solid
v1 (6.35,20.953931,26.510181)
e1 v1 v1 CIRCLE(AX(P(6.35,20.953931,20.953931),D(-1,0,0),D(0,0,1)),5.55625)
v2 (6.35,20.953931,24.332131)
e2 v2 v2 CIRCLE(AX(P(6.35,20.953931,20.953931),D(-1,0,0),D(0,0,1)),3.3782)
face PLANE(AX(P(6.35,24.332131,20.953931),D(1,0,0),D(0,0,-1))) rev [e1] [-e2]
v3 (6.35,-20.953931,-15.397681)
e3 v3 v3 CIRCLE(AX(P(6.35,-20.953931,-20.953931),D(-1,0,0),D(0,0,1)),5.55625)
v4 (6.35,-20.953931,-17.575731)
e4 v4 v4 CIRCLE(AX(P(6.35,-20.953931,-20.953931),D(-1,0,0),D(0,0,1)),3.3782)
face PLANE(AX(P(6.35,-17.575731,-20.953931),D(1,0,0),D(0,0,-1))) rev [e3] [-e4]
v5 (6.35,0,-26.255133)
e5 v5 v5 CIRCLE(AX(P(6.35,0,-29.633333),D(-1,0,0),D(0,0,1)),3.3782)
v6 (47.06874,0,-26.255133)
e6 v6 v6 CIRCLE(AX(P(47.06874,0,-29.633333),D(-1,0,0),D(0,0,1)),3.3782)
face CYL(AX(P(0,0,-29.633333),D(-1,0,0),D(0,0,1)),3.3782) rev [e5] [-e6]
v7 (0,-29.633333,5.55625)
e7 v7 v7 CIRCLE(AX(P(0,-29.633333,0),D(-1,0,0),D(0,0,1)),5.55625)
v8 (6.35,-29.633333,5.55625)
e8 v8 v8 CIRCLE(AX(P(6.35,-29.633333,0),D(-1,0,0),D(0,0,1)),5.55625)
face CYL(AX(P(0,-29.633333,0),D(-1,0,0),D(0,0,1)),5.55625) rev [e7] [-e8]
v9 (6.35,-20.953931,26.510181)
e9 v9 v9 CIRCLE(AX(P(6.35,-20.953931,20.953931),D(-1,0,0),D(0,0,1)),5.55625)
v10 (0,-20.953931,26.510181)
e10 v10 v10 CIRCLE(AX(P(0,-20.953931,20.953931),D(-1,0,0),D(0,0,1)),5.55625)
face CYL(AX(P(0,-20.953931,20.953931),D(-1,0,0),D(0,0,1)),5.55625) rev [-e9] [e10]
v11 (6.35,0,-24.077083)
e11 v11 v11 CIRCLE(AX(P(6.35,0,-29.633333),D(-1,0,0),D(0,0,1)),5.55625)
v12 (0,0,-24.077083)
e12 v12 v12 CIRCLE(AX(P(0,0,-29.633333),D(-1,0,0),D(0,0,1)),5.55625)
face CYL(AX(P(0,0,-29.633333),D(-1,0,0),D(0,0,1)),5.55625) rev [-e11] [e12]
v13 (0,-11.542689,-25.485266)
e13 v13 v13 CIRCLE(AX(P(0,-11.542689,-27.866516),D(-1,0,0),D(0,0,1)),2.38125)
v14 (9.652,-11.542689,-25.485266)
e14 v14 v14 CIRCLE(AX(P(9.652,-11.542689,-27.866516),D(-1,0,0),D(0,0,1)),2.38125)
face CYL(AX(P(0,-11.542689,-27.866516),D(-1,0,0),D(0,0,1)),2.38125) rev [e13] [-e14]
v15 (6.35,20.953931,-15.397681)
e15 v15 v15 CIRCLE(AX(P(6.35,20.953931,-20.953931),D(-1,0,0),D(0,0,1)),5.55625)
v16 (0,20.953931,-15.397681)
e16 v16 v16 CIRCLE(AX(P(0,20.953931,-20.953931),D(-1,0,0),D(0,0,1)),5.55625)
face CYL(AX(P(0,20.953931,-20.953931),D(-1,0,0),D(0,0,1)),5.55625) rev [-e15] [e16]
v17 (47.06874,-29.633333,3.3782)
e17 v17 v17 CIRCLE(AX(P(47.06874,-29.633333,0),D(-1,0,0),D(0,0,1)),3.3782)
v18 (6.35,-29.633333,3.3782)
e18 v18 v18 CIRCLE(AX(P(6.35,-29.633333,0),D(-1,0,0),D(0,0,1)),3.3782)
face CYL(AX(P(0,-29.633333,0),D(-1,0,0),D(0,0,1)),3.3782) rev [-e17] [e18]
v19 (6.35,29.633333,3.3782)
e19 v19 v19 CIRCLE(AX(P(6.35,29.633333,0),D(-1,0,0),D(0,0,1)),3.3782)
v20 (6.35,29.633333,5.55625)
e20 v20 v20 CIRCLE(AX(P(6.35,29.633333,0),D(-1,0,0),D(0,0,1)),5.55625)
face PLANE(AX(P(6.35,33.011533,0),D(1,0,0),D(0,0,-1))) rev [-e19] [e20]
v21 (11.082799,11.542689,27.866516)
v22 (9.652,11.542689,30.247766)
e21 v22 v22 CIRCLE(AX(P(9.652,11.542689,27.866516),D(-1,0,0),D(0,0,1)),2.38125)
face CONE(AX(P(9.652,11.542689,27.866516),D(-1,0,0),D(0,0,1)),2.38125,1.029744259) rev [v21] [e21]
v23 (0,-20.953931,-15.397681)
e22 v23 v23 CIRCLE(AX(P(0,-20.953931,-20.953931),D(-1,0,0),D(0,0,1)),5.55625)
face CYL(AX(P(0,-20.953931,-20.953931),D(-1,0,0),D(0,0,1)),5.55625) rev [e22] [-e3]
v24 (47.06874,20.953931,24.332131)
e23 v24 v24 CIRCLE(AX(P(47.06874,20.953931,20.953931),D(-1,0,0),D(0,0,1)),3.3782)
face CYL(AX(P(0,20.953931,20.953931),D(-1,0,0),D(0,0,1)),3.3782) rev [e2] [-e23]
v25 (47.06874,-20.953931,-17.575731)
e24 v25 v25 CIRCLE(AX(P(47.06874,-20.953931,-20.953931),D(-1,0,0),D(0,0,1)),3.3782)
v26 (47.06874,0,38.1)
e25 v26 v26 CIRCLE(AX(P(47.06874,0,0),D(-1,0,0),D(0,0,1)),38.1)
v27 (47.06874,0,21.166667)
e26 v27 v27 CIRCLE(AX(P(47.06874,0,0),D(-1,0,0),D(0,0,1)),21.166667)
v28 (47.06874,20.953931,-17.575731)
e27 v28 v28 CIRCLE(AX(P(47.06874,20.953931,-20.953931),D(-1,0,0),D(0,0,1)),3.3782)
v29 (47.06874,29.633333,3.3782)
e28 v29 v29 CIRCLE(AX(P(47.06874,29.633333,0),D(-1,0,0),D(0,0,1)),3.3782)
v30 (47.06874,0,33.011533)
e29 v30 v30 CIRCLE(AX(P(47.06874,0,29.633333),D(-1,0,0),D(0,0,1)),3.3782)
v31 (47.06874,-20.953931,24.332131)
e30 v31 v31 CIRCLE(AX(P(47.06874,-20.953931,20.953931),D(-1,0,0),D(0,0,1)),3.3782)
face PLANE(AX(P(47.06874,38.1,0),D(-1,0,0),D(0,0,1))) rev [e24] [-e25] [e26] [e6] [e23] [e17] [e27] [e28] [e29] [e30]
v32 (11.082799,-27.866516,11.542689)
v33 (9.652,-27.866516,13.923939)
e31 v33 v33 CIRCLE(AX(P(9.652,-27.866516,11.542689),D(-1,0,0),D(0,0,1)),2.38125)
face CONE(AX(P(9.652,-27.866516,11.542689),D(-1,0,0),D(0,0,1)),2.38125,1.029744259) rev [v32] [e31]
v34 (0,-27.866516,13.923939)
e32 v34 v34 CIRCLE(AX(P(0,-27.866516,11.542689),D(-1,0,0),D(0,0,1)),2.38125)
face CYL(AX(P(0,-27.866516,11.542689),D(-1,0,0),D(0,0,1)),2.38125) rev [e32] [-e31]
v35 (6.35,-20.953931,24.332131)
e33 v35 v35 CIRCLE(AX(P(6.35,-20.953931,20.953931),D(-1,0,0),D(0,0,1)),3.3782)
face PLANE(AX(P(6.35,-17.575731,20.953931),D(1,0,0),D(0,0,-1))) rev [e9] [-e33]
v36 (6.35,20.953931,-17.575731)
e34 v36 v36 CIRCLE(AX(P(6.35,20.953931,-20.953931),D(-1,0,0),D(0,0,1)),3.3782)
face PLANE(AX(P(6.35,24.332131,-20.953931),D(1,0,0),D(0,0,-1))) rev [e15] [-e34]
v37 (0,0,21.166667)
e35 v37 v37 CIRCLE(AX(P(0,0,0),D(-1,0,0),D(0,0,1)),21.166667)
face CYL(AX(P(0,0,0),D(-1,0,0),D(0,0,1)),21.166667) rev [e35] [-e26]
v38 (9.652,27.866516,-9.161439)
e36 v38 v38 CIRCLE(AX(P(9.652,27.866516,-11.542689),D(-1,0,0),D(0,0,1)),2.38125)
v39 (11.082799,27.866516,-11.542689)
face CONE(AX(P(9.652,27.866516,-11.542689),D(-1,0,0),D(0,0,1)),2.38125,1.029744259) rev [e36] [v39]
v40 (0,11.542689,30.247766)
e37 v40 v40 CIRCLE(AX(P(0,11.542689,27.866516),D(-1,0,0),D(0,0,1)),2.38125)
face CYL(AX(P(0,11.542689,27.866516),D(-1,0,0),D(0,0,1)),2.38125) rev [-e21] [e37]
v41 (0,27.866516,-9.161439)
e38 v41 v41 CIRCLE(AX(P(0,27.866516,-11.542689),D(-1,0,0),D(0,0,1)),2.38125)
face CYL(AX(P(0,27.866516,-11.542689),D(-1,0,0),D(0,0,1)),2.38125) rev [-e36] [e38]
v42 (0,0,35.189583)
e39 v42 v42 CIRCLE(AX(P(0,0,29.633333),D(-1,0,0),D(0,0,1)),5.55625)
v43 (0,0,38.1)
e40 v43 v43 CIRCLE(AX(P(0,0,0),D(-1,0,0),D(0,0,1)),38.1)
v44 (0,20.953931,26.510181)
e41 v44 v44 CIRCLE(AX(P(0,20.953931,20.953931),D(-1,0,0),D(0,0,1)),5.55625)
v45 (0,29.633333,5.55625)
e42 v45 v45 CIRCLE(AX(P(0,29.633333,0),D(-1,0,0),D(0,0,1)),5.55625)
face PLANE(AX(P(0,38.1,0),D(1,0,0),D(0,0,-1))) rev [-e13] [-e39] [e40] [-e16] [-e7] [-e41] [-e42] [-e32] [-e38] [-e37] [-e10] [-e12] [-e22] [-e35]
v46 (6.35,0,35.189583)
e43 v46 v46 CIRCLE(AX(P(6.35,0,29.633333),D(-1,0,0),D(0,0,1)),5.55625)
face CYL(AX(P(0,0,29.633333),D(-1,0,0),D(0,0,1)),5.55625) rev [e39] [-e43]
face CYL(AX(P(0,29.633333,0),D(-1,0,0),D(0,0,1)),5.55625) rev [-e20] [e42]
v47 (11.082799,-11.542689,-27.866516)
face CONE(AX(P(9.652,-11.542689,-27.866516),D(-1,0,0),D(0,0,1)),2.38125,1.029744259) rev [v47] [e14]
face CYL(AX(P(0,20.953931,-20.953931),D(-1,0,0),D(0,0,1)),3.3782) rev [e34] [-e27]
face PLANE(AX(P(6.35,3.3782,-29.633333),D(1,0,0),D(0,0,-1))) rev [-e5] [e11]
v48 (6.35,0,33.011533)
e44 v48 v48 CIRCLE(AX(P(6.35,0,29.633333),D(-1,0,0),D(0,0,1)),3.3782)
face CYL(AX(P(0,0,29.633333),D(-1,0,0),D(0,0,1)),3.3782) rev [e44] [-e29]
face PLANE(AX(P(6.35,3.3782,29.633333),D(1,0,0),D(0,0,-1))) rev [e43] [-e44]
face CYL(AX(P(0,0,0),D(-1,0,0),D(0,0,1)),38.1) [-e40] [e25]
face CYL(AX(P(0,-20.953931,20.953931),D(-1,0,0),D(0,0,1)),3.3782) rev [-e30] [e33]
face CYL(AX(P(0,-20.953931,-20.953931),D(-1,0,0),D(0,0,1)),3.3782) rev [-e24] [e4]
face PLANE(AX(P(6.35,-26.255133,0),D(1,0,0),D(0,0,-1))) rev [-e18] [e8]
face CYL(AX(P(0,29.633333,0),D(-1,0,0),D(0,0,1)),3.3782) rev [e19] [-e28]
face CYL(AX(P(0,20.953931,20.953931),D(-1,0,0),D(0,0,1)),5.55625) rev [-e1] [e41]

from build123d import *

# Parameters (mm, degrees)
SKETCH1_W                                        = 47.06874
SKETCH1_H                                        = 16.933333333
CBORE_FOR_1_4_SOCKET_HEAD_CAP_SCREW1_D           = 6.7564
CBORE_FOR_1_4_SOCKET_HEAD_CAP_SCREW1_CBORE_D     = 11.1125
CBORE_FOR_1_4_SOCKET_HEAD_CAP_SCREW1_CBORE_DEPTH = 6.35
F_3_16_0_1875_DOWEL_HOLE1_D                      = 4.7625
F_3_16_0_1875_DOWEL_HOLE1_DEPTH                  = 9.652
F_3_16_0_1875_DOWEL_HOLE1_TIP                    = 1.430799349


with BuildPart() as part:
    # Sketch1 → Revolve1 (revolve)
    with BuildSketch(Plane.XY, mode=Mode.PRIVATE) as revolve1_sk:
        with Locations((23.53437, 29.633333334)):
            Rectangle(SKETCH1_W, SKETCH1_H)
    revolve(revolve1_sk.sketch.rotate(Axis((0, 0, 0), (1, 0, 0)), 90), axis=Axis((0, 0, 0), (1, 0, 0)))

    # CBORE for 1/4 Socket Head Cap Screw1 (through all)
    with Locations(Plane.ZY):
        with Locations((0, 29.633333333), (20.953930949, 20.953930949), (29.633333333, 0), (20.953930949, -20.953930949), (0, -29.633333333), (-20.953930949, -20.953930949), (-29.633333333, 0), (-20.953930949, 20.953930949)):
            CounterBoreHole(CBORE_FOR_1_4_SOCKET_HEAD_CAP_SCREW1_D / 2, CBORE_FOR_1_4_SOCKET_HEAD_CAP_SCREW1_CBORE_D / 2, CBORE_FOR_1_4_SOCKET_HEAD_CAP_SCREW1_CBORE_DEPTH)

    # 3/16 (0.1875) Dowel Hole1
    with Locations(Plane.ZY):
        with Locations((-11.542689029, 27.866516399), (27.866516399, 11.542689029), (11.542689029, -27.866516399), (-27.866516399, -11.542689029)):
            Hole(F_3_16_0_1875_DOWEL_HOLE1_D / 2, depth=F_3_16_0_1875_DOWEL_HOLE1_DEPTH)
            with Locations((0, 0, -(F_3_16_0_1875_DOWEL_HOLE1_DEPTH + F_3_16_0_1875_DOWEL_HOLE1_TIP / 2))):  # 118° drill point
                Cone(0, F_3_16_0_1875_DOWEL_HOLE1_D / 2, F_3_16_0_1875_DOWEL_HOLE1_TIP, mode=Mode.SUBTRACT)


solid = part.part
